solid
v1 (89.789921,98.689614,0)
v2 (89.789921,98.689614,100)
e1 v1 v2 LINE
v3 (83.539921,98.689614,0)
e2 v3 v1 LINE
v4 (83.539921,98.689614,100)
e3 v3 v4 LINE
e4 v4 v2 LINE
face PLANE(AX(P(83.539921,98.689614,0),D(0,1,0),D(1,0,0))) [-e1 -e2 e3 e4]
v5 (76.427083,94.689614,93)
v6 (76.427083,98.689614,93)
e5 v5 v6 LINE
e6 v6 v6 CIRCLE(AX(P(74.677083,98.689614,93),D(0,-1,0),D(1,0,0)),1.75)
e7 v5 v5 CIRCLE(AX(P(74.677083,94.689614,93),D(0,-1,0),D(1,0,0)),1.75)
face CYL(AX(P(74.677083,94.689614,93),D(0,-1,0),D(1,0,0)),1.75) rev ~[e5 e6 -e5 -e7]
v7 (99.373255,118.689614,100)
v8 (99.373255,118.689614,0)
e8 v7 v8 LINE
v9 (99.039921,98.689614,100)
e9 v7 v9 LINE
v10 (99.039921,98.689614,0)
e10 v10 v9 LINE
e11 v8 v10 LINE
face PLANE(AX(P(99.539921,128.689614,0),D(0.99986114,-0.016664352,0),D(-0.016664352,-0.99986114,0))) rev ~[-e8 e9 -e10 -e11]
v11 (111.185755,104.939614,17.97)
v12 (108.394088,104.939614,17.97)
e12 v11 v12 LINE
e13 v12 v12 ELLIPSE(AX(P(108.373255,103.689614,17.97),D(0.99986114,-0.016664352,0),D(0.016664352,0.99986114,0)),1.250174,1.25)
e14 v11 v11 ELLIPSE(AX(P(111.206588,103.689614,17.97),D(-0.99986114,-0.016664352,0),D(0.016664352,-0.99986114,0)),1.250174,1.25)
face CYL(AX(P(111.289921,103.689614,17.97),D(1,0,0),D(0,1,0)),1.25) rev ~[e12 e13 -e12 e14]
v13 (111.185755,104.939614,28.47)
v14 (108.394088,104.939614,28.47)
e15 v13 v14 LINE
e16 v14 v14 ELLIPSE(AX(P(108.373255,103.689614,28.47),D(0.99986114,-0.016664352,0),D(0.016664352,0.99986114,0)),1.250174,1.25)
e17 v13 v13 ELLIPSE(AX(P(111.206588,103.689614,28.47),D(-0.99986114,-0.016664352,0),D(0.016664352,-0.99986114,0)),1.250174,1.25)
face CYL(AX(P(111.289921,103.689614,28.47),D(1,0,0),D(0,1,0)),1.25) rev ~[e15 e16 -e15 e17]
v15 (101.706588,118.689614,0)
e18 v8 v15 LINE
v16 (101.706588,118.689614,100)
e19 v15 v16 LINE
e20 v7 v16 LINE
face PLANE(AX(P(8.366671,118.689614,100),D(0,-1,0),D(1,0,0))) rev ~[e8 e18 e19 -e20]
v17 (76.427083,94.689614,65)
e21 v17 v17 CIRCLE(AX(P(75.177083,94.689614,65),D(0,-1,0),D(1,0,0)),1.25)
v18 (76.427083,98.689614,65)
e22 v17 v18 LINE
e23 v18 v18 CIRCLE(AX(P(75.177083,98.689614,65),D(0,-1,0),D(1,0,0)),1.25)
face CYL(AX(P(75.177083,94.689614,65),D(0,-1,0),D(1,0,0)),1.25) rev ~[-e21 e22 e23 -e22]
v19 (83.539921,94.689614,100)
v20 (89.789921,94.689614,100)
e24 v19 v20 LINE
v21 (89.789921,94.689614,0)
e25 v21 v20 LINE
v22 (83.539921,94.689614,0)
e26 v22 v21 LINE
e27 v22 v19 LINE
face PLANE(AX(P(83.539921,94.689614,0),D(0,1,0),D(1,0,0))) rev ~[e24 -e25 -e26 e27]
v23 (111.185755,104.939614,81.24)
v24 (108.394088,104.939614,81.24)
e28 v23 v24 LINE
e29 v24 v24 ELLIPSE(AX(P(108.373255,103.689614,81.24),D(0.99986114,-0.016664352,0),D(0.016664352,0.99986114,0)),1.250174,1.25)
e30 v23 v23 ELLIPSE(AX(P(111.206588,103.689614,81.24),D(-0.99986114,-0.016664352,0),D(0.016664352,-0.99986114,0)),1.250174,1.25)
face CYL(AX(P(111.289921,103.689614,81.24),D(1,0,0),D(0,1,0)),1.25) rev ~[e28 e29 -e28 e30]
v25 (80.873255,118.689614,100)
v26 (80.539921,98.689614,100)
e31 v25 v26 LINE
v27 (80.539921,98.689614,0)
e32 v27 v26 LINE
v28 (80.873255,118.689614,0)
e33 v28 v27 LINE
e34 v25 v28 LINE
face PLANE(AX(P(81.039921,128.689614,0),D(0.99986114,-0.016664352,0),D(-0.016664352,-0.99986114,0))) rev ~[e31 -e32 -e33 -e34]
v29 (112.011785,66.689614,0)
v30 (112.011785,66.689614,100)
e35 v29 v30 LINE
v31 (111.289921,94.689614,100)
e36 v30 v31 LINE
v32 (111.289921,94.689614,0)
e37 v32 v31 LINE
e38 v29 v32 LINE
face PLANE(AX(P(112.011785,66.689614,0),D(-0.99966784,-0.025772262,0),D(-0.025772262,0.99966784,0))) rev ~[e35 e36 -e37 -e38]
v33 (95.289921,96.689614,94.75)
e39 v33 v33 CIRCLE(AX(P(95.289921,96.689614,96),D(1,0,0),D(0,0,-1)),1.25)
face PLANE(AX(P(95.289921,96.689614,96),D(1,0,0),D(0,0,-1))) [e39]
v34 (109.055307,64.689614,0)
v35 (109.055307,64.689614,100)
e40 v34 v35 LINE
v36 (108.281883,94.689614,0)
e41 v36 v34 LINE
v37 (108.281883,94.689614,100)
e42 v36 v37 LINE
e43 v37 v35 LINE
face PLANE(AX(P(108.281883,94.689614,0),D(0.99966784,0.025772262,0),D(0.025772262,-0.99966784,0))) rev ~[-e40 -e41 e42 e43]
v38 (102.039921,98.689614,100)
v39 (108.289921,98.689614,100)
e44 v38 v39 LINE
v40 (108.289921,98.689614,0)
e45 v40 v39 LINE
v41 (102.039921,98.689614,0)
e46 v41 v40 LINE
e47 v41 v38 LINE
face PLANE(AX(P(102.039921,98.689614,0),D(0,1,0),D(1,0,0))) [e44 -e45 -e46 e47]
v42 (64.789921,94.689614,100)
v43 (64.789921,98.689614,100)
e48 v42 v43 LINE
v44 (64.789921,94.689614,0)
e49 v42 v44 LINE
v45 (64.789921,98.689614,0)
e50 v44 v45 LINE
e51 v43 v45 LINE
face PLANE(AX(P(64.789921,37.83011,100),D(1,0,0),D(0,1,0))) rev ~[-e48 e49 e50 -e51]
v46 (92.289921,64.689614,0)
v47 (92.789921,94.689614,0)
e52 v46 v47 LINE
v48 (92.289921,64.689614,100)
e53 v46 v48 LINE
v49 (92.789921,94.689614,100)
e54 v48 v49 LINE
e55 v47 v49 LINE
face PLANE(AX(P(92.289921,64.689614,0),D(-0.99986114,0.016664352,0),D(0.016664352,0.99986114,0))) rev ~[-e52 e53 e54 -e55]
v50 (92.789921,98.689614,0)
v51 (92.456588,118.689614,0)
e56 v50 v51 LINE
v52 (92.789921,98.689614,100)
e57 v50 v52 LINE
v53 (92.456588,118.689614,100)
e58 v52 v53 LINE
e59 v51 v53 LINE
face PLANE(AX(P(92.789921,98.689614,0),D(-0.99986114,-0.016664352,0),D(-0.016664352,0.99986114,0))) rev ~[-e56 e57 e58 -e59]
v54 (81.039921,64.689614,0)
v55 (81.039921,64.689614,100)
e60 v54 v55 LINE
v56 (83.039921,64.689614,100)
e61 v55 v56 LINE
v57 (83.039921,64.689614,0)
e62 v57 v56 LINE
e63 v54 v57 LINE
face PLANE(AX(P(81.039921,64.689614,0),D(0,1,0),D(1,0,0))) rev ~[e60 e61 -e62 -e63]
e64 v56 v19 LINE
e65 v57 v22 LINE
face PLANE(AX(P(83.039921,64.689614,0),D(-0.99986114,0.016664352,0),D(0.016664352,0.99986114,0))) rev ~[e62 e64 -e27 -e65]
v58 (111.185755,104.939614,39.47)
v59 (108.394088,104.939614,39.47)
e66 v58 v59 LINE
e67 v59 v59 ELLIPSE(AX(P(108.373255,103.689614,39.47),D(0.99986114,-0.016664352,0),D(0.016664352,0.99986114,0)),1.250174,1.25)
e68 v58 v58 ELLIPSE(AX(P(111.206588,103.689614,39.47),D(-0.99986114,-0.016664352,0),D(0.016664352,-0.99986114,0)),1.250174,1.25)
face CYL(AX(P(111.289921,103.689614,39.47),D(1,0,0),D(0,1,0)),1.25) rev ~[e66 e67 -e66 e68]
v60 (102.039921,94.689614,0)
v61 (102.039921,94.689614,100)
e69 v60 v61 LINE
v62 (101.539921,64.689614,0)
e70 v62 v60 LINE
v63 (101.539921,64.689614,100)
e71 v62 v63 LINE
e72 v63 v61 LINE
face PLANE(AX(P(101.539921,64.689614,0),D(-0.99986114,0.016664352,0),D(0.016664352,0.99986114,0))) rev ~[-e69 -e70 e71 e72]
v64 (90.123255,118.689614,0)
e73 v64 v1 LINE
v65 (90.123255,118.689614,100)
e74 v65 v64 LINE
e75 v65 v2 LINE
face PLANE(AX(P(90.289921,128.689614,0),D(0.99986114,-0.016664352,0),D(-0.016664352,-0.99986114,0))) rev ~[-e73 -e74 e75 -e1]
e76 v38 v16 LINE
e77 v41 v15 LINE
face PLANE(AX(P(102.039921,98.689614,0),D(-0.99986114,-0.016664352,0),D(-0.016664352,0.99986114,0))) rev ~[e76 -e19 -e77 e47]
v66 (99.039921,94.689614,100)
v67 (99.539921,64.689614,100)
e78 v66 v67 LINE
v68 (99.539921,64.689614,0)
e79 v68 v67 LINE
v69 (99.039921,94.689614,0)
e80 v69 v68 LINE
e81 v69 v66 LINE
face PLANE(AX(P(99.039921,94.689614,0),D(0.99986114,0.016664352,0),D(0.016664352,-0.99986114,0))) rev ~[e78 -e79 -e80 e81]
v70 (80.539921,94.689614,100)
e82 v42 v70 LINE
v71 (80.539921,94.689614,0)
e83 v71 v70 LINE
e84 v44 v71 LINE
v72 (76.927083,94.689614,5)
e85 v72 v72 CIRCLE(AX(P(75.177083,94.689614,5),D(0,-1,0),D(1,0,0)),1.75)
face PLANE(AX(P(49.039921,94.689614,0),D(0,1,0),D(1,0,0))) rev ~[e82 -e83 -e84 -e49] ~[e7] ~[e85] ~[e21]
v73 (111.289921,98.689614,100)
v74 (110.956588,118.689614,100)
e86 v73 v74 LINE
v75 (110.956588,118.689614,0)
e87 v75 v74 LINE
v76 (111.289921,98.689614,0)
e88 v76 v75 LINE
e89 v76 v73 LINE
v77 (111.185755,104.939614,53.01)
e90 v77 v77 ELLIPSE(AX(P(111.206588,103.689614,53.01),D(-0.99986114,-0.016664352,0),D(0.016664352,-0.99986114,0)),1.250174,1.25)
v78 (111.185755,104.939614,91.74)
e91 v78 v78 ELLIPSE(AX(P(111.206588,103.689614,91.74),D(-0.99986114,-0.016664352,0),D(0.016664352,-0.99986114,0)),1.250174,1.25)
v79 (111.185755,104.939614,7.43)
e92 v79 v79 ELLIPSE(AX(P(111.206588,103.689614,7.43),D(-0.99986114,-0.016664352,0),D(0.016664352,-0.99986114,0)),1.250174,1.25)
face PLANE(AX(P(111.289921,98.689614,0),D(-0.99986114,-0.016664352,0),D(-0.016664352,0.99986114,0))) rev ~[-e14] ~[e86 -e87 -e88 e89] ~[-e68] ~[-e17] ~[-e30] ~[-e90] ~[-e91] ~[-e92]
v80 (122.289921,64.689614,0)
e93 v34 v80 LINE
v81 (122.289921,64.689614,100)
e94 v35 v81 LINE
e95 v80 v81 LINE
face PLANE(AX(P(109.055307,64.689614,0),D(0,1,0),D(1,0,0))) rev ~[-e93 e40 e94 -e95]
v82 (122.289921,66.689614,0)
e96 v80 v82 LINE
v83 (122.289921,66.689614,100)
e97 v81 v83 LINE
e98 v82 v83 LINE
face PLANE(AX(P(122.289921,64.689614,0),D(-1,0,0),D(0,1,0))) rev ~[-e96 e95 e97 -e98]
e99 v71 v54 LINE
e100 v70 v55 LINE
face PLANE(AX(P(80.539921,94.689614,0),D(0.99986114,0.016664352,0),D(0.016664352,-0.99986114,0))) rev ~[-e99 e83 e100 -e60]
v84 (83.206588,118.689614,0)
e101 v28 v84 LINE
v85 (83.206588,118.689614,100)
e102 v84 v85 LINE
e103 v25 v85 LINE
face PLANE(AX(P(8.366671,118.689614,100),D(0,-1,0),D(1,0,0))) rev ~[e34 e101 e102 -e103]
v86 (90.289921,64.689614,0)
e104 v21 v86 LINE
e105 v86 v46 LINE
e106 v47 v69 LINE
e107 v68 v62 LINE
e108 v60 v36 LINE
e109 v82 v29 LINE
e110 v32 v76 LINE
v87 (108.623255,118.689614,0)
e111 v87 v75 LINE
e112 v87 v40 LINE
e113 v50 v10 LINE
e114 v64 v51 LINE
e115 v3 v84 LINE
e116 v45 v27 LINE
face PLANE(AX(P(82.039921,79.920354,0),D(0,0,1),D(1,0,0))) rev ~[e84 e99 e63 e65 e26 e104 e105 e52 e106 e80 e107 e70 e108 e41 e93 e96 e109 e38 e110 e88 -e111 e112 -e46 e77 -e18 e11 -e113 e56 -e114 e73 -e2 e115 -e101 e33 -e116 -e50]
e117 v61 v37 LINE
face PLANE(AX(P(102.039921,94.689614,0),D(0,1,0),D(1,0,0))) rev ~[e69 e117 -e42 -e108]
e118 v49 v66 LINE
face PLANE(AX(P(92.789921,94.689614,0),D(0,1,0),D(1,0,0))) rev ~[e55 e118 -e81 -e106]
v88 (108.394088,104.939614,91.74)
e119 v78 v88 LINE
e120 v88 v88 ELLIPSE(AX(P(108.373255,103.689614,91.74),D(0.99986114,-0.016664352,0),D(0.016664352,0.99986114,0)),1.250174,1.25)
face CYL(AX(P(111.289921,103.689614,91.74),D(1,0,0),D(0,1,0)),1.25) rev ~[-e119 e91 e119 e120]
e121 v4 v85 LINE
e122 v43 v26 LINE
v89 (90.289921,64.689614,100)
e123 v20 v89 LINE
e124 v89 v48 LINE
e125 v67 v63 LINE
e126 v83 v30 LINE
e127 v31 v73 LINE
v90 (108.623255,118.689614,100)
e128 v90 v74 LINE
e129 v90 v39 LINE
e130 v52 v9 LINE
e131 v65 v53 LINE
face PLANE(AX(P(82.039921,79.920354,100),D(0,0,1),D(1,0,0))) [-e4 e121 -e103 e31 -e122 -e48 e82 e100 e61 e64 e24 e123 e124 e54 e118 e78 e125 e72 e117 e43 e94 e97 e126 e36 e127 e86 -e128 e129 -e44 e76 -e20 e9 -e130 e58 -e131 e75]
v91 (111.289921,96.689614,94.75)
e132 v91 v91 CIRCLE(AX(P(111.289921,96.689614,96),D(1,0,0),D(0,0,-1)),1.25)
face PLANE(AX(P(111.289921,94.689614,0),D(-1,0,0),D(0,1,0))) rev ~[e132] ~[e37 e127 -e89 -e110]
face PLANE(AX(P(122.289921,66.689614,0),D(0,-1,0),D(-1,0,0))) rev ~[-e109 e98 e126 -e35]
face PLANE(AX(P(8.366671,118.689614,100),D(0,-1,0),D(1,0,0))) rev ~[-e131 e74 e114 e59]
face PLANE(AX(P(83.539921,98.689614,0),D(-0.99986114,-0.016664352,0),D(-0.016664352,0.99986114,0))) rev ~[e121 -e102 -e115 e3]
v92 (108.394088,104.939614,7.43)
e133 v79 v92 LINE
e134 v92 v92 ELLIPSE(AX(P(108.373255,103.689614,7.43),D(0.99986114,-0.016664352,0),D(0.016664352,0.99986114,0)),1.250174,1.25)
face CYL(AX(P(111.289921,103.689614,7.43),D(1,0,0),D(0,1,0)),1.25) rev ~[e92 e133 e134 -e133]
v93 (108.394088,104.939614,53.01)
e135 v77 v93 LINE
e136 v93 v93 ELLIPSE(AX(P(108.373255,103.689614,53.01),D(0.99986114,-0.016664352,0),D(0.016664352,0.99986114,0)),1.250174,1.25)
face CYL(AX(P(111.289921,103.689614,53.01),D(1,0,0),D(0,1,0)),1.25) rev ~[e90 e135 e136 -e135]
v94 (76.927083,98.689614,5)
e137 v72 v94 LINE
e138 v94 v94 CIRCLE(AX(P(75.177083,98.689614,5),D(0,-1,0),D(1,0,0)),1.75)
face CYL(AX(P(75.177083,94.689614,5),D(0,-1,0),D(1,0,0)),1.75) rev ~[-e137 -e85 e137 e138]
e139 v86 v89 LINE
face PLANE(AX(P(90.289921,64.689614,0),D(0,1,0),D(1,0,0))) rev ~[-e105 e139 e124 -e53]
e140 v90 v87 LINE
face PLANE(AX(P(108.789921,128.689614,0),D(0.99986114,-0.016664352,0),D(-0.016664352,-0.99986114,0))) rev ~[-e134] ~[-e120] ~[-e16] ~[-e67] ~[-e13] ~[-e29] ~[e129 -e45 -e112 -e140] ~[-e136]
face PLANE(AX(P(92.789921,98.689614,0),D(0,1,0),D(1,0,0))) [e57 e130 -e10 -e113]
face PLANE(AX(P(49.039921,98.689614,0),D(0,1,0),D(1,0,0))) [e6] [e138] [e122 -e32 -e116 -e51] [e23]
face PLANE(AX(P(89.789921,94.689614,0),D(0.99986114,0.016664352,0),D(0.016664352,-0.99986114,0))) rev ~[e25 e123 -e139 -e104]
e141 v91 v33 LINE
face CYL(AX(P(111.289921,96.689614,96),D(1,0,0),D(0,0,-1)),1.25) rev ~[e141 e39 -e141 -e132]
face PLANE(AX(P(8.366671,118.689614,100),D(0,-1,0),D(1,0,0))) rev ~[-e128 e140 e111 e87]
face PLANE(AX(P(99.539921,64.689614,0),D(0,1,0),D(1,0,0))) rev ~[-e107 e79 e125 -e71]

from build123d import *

# Parameters (mm, degrees)
SKICA1_W                 = 93
SKICA1_H                 = 4
P_IDAT_VYSUNUT_M1_DEPTH  = 100
SKICA2_W                 = 121.490565888
SKICA2_H                 = 20.366839506
ODEBRAT_VYSUNUT_M1_DEPTH = 204.75436619
SKICA3_W                 = 67.97848113
SKICA3_H                 = 83.569638829
ODEBRAT_VYSUNUT_M2_DEPTH = 198.590610741
SKICA4_R                 = 1.25
ODEBRAT_VYSUNUT_M3_DEPTH = 5
SKICA5_R                 = 1.25
ODEBRAT_VYSUNUT_M4_DEPTH = 16
SKICA6_R                 = 1.25
ODEBRAT_VYSUNUT_M5_DEPTH = 5
SKICA7_R                 = 1.75
ODEBRAT_VYSUNUT_M6_DEPTH = 10


with BuildPart() as part:
    # Skica1 → Přidat vysunutím1 (new body)
    with BuildSketch(Plane.XY):
        Polygon((83.039921415, 64.689614429), (83.539921415, 94.689614429), (80.539921415, 94.689614429), (81.039921415, 64.689614429), align=None)
        Polygon((92.289921415, 64.689614429), (92.789921415, 94.689614429), (89.789921415, 94.689614429), (90.289921415, 64.689614429), align=None)
        Polygon((101.539921415, 64.689614429), (102.039921415, 94.689614429), (99.039921415, 94.689614429), (99.539921415, 64.689614429), align=None)
        Polygon((112.011784527, 66.689614429), (111.289921415, 94.689614429), (108.281882654, 94.689614429), (109.055307417, 64.689614429), (122.289921415, 64.689614429), (122.289921415, 66.689614429), align=None)
        Polygon((108.289921415, 98.689614429), (111.289921415, 98.689614429), (110.789921415, 128.689614429), (108.789921415, 128.689614429), align=None)
        Polygon((99.039921415, 98.689614429), (102.039921415, 98.689614429), (101.539921415, 128.689614429), (99.539921415, 128.689614429), align=None)
        Polygon((89.789921415, 98.689614429), (92.789921415, 98.689614429), (92.289921415, 128.689614429), (90.289921415, 128.689614429), align=None)
        Polygon((80.539921415, 98.689614429), (83.539921415, 98.689614429), (83.039921415, 128.689614429), (81.039921415, 128.689614429), align=None)
        with Locations((64.789921415, 96.689614429)):
            Rectangle(SKICA1_W, SKICA1_H)
        Polygon((27.539921415, 98.689614429), (30.539921415, 98.689614429), (30.039921415, 128.689614429), (28.039921415, 128.689614429), align=None)
        Polygon((36.789921415, 98.689614429), (39.789921415, 98.689614429), (39.289921415, 128.689614429), (37.289921415, 128.689614429), align=None)
        Polygon((46.039921415, 98.689614429), (49.039921415, 98.689614429), (48.539921415, 128.689614429), (46.539921415, 128.689614429), align=None)
        Polygon((18.289921415, 98.689614429), (21.289921415, 98.689614429), (20.789921415, 128.689614429), (18.789921415, 128.689614429), align=None)
        Polygon((20.524535413, 64.689614429), (21.297960175, 94.689614429), (18.289921415, 94.689614429), (17.568058303, 66.689614429), (7.289921415, 66.689614429), (7.289921415, 64.689614429), align=None)
        Polygon((30.039921415, 64.689614429), (30.539921415, 94.689614429), (27.539921415, 94.689614429), (28.039921415, 64.689614429), align=None)
        Polygon((39.289921415, 64.689614429), (39.789921415, 94.689614429), (36.789921415, 94.689614429), (37.289921415, 64.689614429), align=None)
        Polygon((48.539921415, 64.689614429), (49.039921415, 94.689614429), (46.039921415, 94.689614429), (46.539921415, 64.689614429), align=None)
    extrude(amount=P_IDAT_VYSUNUT_M1_DEPTH)

    # Skica2 → Odebrat vysunutím1 (cut, through all)
    with BuildSketch(Plane.XY.offset(100)):
        with Locations((69.111954217, 128.873034182)):
            Rectangle(SKICA2_W, SKICA2_H)
    extrude(amount=-ODEBRAT_VYSUNUT_M1_DEPTH, mode=Mode.SUBTRACT)

    # Skica3 → Odebrat vysunutím2 (cut, through all)
    with BuildSketch(Plane.XY.offset(100)):
        with Locations((30.80068085, 79.614929898)):
            Rectangle(SKICA3_W, SKICA3_H)
    extrude(amount=-ODEBRAT_VYSUNUT_M2_DEPTH, mode=Mode.SUBTRACT)

    # Skica4 → Odebrat vysunutím3 (cut)
    with BuildSketch(Plane(origin=(111.289921415, 0, 0), x_dir=(0, 0, -1), z_dir=(1, 0, 0))):
        with Locations(Location((-91.74, 103.689614429, 0), (0, 0, 90))):
            Circle(SKICA4_R)
        with Locations(Location((-81.24, 103.689614429, 0), (0, 0, 90))):
            Circle(SKICA4_R)
        with Locations(Location((-53.01, 103.689614429, 0), (0, 0, 90))):
            Circle(SKICA4_R)
        with Locations(Location((-28.47, 103.689614429, 0), (0, 0, 90))):
            Circle(SKICA4_R)
        with Locations(Location((-17.97, 103.689614429, 0), (0, 0, 90))):
            Circle(SKICA4_R)
        with Locations(Location((-7.43, 103.689614429, 0), (0, 0, 90))):
            Circle(SKICA4_R)
        with Locations(Location((-39.47, 103.689614429, 0), (0, 0, 90))):
            Circle(SKICA4_R)
    extrude(amount=-ODEBRAT_VYSUNUT_M3_DEPTH, mode=Mode.SUBTRACT)

    # Skica5 → Odebrat vysunutím4 (cut)
    with BuildSketch(Plane(origin=(111.289921415, 0, 0), x_dir=(0, 0, -1), z_dir=(1, 0, 0))):
        with Locations((-96, 96.689614429)):
            Circle(SKICA5_R)
    extrude(amount=-ODEBRAT_VYSUNUT_M4_DEPTH, mode=Mode.SUBTRACT)

    # Skica6 → Odebrat vysunutím5 (cut)
    with BuildSketch(Plane.XZ.offset(-94.689614429)):
        with Locations((74.677082764, 93)):
            Circle(SKICA6_R)
        with Locations((75.177082764, 5)):
            Circle(SKICA6_R)
        with Locations((75.177082764, 65)):
            Circle(SKICA6_R)
    extrude(amount=-ODEBRAT_VYSUNUT_M5_DEPTH, mode=Mode.SUBTRACT)

    # Skica7 → Odebrat vysunutím6 (cut)
    with BuildSketch(Plane.XZ.offset(-94.689614429)):
        with Locations((75.177082764, 5)):
            Circle(SKICA7_R)
        with Locations((74.677082764, 93)):
            Circle(SKICA7_R)
    extrude(amount=-ODEBRAT_VYSUNUT_M6_DEPTH, mode=Mode.SUBTRACT)


solid = part.part
